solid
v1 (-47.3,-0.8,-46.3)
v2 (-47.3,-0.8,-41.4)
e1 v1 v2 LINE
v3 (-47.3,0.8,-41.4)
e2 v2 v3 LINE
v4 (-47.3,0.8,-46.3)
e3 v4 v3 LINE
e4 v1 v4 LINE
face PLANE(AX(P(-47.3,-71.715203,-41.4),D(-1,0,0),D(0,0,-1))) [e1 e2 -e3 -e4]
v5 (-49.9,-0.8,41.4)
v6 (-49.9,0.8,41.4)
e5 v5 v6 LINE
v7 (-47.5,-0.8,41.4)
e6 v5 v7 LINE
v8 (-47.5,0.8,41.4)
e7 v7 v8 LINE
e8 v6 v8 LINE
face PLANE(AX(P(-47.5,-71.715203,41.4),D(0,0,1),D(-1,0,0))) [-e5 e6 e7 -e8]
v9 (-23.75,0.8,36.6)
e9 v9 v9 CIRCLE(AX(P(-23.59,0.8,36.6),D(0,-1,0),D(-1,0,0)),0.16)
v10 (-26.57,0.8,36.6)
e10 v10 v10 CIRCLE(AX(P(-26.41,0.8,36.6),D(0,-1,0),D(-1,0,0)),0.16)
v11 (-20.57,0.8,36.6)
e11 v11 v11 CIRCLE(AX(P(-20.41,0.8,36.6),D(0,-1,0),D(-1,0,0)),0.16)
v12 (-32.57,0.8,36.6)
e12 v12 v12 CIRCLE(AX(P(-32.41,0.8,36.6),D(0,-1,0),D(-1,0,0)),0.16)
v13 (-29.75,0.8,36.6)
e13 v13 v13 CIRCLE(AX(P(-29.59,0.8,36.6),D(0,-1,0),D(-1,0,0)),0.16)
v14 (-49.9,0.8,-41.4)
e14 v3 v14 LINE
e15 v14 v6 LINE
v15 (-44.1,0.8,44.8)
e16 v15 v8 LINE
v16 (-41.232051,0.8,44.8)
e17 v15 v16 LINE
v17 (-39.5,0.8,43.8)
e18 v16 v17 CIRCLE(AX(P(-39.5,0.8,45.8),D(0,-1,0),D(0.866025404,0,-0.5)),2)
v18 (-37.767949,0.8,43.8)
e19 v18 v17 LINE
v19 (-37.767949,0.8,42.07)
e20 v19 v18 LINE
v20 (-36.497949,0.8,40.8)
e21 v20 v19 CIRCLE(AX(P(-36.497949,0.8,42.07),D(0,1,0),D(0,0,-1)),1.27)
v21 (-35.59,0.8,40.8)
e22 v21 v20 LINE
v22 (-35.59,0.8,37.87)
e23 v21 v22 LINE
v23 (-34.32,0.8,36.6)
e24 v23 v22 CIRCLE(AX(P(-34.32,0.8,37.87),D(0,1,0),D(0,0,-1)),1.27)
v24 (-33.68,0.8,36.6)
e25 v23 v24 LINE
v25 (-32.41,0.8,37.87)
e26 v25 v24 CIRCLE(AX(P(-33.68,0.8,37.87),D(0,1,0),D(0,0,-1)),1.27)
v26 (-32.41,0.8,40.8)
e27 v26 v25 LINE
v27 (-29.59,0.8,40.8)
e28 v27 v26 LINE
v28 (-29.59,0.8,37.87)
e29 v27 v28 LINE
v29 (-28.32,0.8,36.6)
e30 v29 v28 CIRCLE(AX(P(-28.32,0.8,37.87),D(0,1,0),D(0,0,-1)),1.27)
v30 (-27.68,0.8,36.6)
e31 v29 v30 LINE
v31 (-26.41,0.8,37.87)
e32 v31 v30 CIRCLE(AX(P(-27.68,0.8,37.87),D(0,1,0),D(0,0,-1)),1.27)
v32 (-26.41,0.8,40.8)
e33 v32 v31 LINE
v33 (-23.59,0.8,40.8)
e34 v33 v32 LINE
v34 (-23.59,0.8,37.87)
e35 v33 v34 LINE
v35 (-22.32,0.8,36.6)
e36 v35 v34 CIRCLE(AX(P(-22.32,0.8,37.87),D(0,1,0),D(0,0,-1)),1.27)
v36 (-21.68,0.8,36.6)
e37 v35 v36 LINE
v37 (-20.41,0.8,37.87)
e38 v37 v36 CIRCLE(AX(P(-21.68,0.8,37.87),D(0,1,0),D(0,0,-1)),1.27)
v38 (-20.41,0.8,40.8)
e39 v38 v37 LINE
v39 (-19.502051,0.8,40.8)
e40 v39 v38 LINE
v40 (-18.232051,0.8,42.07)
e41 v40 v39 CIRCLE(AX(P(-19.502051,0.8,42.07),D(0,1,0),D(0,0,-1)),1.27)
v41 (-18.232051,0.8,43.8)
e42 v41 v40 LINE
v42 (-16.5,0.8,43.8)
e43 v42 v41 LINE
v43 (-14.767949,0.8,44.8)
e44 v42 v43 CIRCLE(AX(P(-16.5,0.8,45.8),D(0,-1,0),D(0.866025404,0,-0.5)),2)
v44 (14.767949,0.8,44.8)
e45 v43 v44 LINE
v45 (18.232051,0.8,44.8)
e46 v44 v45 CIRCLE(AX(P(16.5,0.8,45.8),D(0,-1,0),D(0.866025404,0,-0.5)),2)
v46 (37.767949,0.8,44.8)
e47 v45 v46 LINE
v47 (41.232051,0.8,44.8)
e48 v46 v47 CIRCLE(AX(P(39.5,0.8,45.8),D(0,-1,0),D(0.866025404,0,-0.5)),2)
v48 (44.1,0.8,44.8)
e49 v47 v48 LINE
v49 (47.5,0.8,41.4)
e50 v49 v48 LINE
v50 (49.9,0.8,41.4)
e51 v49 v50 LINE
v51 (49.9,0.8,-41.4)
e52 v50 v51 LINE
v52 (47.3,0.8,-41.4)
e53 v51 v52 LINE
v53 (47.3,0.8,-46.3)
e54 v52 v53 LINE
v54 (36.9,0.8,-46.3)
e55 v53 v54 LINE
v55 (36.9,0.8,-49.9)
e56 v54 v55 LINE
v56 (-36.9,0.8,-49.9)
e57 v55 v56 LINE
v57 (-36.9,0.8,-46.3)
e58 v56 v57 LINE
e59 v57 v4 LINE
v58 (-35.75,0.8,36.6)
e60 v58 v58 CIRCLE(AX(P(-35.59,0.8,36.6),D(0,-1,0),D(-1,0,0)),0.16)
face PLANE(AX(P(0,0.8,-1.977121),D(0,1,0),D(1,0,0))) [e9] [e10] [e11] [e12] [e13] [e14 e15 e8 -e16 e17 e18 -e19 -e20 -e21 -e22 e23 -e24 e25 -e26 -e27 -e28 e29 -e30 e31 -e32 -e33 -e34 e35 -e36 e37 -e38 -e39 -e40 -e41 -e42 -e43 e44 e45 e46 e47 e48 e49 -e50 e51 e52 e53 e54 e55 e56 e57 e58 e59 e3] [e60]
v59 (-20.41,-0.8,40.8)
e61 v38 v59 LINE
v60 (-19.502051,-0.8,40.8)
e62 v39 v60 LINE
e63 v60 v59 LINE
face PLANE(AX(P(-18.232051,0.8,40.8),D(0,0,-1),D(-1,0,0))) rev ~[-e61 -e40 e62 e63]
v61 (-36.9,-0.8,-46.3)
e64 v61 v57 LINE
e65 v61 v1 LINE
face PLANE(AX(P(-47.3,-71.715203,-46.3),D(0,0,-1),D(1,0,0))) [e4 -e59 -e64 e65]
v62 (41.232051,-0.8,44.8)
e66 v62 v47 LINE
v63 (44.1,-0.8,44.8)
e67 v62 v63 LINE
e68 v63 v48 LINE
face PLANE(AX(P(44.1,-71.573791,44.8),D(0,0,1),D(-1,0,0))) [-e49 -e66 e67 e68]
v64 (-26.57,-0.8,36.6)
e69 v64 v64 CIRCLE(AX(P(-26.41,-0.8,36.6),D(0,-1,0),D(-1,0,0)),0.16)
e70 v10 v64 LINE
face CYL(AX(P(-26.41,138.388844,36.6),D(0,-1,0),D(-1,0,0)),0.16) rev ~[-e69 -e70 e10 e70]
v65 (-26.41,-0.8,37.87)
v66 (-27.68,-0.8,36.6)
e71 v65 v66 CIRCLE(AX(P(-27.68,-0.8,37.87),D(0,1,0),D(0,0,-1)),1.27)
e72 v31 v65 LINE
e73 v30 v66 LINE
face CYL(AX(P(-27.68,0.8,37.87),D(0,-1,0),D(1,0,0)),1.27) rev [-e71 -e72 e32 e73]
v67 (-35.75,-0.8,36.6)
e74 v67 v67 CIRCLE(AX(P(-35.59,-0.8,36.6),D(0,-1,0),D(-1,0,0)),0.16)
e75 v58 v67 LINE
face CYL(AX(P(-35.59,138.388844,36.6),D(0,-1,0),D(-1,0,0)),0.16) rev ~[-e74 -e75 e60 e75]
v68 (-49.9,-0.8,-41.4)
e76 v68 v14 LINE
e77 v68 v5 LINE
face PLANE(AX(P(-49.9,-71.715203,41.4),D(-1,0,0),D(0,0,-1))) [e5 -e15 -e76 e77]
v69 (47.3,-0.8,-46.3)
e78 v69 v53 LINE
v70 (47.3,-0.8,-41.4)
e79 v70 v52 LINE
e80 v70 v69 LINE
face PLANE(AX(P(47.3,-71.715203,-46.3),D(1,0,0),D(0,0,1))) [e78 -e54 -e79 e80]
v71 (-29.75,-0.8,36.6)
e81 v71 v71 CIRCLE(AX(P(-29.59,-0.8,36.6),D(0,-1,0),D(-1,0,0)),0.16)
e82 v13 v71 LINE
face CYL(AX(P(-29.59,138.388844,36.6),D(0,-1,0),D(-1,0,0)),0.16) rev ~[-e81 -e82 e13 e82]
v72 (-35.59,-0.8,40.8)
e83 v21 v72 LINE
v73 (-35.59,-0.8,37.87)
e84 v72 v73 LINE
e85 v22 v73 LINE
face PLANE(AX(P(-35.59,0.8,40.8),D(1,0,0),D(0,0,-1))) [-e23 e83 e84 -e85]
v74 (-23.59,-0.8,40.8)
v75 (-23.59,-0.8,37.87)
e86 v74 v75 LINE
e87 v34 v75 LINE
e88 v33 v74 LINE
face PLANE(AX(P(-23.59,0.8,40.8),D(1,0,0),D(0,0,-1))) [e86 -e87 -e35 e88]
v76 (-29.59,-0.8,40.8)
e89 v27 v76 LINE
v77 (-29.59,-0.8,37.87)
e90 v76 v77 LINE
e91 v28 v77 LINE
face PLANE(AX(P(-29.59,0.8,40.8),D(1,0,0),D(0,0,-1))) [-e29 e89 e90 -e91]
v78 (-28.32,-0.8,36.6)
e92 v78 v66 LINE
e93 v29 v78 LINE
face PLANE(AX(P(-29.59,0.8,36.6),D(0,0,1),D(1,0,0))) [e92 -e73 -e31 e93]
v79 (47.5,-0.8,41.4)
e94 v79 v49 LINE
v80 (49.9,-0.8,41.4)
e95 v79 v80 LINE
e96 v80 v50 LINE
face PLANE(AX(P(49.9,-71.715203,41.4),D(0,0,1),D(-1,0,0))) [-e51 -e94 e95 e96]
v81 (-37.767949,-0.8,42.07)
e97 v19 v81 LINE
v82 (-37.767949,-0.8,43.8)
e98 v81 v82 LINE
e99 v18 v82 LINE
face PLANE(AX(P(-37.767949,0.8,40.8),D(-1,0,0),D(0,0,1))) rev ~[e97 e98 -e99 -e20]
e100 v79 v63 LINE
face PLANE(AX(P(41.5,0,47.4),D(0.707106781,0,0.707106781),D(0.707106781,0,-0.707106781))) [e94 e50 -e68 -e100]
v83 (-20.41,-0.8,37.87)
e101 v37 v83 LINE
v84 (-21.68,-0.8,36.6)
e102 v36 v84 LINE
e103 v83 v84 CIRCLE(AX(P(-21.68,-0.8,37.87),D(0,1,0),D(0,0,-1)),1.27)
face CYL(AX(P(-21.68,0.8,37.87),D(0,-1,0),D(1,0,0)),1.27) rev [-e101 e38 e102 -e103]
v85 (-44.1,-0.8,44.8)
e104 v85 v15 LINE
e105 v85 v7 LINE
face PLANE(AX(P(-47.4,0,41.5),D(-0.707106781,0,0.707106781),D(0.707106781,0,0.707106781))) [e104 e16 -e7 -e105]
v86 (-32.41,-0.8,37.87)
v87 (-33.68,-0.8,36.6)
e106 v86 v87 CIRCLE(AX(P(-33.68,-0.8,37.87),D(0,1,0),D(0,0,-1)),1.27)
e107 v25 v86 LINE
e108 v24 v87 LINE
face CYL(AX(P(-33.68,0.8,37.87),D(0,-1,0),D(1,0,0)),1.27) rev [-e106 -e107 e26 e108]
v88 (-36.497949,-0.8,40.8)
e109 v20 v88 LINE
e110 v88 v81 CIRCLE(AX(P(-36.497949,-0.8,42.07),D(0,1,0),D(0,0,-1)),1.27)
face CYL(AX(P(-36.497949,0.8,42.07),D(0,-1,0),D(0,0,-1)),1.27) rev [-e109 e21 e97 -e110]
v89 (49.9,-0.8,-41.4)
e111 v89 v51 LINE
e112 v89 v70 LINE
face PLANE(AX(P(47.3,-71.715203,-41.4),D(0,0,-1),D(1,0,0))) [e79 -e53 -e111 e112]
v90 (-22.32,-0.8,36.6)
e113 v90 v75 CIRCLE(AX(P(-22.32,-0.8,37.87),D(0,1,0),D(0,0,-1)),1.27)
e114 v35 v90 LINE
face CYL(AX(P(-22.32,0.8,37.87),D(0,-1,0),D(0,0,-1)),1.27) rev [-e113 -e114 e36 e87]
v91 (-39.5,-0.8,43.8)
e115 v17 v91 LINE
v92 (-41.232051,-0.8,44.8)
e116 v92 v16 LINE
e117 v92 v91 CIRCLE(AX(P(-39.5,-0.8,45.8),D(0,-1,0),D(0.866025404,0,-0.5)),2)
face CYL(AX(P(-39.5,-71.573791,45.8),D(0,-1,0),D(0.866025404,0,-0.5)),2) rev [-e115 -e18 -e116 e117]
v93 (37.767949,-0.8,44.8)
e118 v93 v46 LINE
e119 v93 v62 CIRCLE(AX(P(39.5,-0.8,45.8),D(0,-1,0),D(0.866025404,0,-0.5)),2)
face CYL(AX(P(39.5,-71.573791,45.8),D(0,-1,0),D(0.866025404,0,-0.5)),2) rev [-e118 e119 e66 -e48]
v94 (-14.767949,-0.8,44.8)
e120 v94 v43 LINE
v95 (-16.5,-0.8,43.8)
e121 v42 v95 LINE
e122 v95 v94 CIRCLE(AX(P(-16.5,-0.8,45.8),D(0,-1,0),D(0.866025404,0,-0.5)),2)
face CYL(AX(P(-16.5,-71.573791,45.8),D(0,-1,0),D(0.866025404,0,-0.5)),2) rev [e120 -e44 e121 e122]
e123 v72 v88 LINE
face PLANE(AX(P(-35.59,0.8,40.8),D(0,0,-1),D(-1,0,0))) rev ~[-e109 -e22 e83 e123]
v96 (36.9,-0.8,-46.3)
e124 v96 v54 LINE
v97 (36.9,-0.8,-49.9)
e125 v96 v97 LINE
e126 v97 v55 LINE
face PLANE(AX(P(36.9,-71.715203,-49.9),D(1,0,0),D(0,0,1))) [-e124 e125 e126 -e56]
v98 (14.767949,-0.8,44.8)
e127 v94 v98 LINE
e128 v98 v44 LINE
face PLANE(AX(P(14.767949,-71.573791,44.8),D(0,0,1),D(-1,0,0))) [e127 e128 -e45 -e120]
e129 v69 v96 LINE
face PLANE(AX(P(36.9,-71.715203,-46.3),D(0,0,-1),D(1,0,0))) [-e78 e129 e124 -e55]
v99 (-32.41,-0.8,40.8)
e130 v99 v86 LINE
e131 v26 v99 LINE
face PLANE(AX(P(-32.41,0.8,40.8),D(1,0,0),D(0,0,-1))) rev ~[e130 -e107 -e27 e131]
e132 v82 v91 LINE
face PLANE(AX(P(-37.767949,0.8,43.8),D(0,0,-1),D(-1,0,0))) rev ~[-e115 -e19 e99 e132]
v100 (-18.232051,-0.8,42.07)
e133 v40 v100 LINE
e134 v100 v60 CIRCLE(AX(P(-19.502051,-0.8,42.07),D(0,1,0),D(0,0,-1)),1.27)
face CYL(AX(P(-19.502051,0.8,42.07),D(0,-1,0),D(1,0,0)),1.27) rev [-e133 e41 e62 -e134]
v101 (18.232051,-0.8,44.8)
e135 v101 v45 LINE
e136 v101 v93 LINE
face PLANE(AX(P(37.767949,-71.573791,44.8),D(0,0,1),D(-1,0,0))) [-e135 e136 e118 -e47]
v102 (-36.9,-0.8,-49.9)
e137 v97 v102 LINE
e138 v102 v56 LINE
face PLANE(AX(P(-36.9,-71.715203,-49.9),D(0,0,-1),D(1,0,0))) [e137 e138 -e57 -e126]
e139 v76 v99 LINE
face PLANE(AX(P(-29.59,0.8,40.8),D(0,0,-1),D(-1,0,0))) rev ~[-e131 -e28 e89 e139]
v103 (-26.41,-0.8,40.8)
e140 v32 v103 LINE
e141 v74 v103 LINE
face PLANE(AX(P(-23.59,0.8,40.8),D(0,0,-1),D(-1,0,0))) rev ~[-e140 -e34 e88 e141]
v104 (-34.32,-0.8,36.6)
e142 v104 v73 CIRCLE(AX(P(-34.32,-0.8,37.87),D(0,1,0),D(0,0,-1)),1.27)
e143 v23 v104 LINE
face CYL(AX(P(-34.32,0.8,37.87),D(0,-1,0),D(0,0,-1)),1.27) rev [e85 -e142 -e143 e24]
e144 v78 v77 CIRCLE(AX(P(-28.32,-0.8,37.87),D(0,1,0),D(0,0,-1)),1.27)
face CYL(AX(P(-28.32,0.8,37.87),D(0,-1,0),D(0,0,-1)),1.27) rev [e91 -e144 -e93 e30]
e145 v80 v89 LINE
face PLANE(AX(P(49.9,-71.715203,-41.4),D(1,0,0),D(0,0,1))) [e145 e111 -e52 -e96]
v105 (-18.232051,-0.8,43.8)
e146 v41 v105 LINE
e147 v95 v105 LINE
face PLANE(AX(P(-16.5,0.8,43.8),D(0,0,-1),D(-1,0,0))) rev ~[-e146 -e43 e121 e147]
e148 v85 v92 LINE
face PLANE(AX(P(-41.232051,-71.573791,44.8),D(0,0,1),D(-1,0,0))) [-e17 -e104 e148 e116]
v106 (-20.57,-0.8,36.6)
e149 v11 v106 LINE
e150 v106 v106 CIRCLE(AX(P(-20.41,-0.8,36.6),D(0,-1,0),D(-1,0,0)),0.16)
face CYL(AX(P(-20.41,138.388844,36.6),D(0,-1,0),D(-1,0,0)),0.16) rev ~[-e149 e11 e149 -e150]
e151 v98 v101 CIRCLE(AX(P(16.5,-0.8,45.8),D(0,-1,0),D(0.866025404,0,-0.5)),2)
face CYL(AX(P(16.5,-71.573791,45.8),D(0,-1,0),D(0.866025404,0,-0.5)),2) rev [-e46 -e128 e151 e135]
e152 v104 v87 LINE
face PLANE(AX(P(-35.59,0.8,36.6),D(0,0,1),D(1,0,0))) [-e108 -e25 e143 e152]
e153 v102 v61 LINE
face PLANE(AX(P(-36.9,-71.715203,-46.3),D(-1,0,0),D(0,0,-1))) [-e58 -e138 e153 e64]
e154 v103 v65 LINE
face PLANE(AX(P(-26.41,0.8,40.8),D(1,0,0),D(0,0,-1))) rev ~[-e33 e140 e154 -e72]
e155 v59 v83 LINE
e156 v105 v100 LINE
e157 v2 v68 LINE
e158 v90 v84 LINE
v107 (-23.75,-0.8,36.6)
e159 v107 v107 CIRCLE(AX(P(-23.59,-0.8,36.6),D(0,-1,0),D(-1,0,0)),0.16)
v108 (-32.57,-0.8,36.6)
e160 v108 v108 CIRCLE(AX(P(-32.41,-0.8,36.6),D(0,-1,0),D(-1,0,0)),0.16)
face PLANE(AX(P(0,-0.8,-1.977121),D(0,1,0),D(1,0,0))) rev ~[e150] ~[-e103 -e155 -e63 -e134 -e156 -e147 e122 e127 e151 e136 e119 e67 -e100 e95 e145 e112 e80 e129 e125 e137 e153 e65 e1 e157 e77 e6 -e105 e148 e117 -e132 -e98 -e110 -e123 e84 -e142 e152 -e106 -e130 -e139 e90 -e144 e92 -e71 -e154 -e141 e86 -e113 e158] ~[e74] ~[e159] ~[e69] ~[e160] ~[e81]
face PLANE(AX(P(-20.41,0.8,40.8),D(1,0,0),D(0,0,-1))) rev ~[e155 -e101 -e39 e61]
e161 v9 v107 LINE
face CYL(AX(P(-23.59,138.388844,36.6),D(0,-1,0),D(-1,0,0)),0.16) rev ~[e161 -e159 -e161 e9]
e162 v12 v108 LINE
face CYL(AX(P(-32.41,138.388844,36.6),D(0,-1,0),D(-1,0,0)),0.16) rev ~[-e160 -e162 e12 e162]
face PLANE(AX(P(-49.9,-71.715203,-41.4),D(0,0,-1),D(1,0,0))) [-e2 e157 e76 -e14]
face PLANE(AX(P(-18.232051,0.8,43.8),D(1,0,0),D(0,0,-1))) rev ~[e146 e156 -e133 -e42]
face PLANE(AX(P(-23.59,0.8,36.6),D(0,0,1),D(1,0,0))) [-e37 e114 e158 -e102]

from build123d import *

# Parameters (mm, degrees)
GENERALSHAPE_DEPTH           = 0.8
ADDTOLERANCE_DEPTH           = 71.715203457
ADDTOLERANCE_DEPTH_BACK      = 71.715203457
BACKPLANE_DEPTH              = 71.573791169
BACKPLANE_DEPTH_BACK         = 71.573791169
RF_W                         = 3.18
RF_H                         = 4.2
CUT_EXTRUDE1_DEPTH           = 71.587392642
FILLET1_R                    = 1.27
F_0_32_0_32_DIAMETER_HOLE1_D = 0.32


with BuildPart() as part:
    # Sketch2 → GeneralShape (new, symmetric)
    with BuildSketch(Plane(origin=(0, 0, 0), x_dir=(1, 0, 0), z_dir=(0, 1, 0))):
        Polygon((47.4, 46.4), (37, 46.4), (37, 50), (-37, 50), (-37, 46.4), (-47.4, 46.4), (-47.4, 41.5), (-50, 41.5), (-50, -41.5), (-47.4, -41.5), (-41.5, -47.4), (41.5, -47.4), (47.4, -41.5), (50, -41.5), (50, 41.5), (47.4, 41.5), align=None)
    extrude(amount=GENERALSHAPE_DEPTH, both=True)

    # Sketch3 → AddTolerance (cut, two sides: drawn at the far end of the back side and taken through both)
    with BuildSketch(Plane(origin=(0, 0, 0), x_dir=(1, 0, 0), z_dir=(0, 1, 0)).offset(-ADDTOLERANCE_DEPTH_BACK)):
        Polygon((37, 50), (-37, 50), (-37, 46.4), (-47.4, 46.4), (-47.4, 41.5), (-50, 41.5), (-50, -41.5), (-47.4, -41.5), (-47.5, -41.4), (-49.9, -41.4), (-49.9, 41.4), (-47.3, 41.4), (-47.3, 46.3), (-36.9, 46.3), (-36.9, 49.9), (36.9, 49.9), (36.9, 46.3), (47.3, 46.3), (47.3, 41.4), (49.9, 41.4), (49.9, -41.4), (47.5, -41.4), (47.4, -41.5), (50, -41.5), (50, 41.5), (47.4, 41.5), (47.4, 46.4), (37, 46.4), align=None)
    extrude(amount=ADDTOLERANCE_DEPTH + ADDTOLERANCE_DEPTH_BACK, mode=Mode.SUBTRACT)

    # Sketch4 → Backplane (cut, two sides: drawn at the far end of the back side and taken through both)
    with BuildSketch(Plane(origin=(0, 0, 0), x_dir=(1, 0, 0), z_dir=(0, 1, 0)).offset(-BACKPLANE_DEPTH_BACK)):
        with BuildLine():
            Line((41.5, -47.4), (44.1, -44.8))
            Line((44.1, -44.8), (41.232050808, -44.8))
            ThreePointArc((41.232050808, -44.8), (39.5, -43.8), (37.767949192, -44.8))
            Line((37.767949192, -44.8), (18.232050808, -44.8))
            ThreePointArc((18.232050808, -44.8), (16.5, -43.8), (14.767949192, -44.8))
            Line((14.767949192, -44.8), (-14.767949192, -44.8))
            ThreePointArc((-14.767949192, -44.8), (-16.5, -43.8), (-18.232050808, -44.8))
            Line((-18.232050808, -44.8), (-37.767949192, -44.8))
            ThreePointArc((-37.767949192, -44.8), (-39.5, -43.8), (-41.232050808, -44.8))
            Line((-41.232050808, -44.8), (-44.1, -44.8))
            Line((-44.1, -44.8), (-41.5, -47.4))
            Line((-41.5, -47.4), (41.5, -47.4))
        make_face()
    extrude(amount=BACKPLANE_DEPTH + BACKPLANE_DEPTH_BACK, mode=Mode.SUBTRACT)

    # RF → Cut-Extrude1 (cut, through all)
    with BuildSketch(Plane(origin=(0, 0.8, 0), x_dir=(1, 0, 0), z_dir=(0, 1, 0))):
        with Locations((-22, -38.7)):
            Rectangle(RF_W, RF_H)
        with Locations((-28, -38.7)):
            Rectangle(RF_W, RF_H)
        with Locations((-34, -38.7)):
            Rectangle(RF_W, RF_H)
        with BuildLine():
            Line((-18.232050808, -40.8), (-20.41, -40.8))
            Line((-20.41, -40.8), (-23.59, -40.8))
            Line((-23.59, -40.8), (-26.41, -40.8))
            Line((-26.41, -40.8), (-29.59, -40.8))
            Line((-29.59, -40.8), (-32.41, -40.8))
            Line((-32.41, -40.8), (-35.59, -40.8))
            Line((-35.59, -40.8), (-37.767949192, -40.8))
            Line((-37.767949192, -40.8), (-37.767949192, -43.8))
            Line((-37.767949192, -43.8), (-39.5, -43.8))
            ThreePointArc((-39.5, -43.8), (-38.5, -44.067949192), (-37.767949192, -44.8))
            Line((-37.767949192, -44.8), (-18.232050808, -44.8))
            ThreePointArc((-18.232050808, -44.8), (-17.5, -44.067949192), (-16.5, -43.8))
            Line((-16.5, -43.8), (-18.232050808, -43.8))
            Line((-18.232050808, -43.8), (-18.232050808, -40.8))
        make_face()
    extrude(amount=-CUT_EXTRUDE1_DEPTH, mode=Mode.SUBTRACT)

    # Fillet1
    fillet1_edges = [part.edges().sort_by_distance(p)[0] for p in [
        (-23.59, 0, 36.6),
        (-20.41, 0, 36.6),
        (-18.232050808, 0, 40.8),
        (-37.767949192, 0, 40.8),
        (-35.59, 0, 36.6),
        (-32.41, 0, 36.6),
        (-29.59, 0, 36.6),
        (-26.41, 0, 36.6),
    ]]
    fillet(fillet1_edges, radius=FILLET1_R)

    # Ø0.32 (0.32) Diameter Hole1 (through all)
    with Locations(Plane(origin=(0, 0.8, 0), x_dir=(1, 0, 0), z_dir=(0, 1, 0))):
        with Locations((-20.41, -36.6), (-23.59, -36.6), (-26.41, -36.6), (-29.59, -36.6), (-32.41, -36.6), (-35.59, -36.6)):
            Hole(F_0_32_0_32_DIAMETER_HOLE1_D / 2)


solid = part.part
